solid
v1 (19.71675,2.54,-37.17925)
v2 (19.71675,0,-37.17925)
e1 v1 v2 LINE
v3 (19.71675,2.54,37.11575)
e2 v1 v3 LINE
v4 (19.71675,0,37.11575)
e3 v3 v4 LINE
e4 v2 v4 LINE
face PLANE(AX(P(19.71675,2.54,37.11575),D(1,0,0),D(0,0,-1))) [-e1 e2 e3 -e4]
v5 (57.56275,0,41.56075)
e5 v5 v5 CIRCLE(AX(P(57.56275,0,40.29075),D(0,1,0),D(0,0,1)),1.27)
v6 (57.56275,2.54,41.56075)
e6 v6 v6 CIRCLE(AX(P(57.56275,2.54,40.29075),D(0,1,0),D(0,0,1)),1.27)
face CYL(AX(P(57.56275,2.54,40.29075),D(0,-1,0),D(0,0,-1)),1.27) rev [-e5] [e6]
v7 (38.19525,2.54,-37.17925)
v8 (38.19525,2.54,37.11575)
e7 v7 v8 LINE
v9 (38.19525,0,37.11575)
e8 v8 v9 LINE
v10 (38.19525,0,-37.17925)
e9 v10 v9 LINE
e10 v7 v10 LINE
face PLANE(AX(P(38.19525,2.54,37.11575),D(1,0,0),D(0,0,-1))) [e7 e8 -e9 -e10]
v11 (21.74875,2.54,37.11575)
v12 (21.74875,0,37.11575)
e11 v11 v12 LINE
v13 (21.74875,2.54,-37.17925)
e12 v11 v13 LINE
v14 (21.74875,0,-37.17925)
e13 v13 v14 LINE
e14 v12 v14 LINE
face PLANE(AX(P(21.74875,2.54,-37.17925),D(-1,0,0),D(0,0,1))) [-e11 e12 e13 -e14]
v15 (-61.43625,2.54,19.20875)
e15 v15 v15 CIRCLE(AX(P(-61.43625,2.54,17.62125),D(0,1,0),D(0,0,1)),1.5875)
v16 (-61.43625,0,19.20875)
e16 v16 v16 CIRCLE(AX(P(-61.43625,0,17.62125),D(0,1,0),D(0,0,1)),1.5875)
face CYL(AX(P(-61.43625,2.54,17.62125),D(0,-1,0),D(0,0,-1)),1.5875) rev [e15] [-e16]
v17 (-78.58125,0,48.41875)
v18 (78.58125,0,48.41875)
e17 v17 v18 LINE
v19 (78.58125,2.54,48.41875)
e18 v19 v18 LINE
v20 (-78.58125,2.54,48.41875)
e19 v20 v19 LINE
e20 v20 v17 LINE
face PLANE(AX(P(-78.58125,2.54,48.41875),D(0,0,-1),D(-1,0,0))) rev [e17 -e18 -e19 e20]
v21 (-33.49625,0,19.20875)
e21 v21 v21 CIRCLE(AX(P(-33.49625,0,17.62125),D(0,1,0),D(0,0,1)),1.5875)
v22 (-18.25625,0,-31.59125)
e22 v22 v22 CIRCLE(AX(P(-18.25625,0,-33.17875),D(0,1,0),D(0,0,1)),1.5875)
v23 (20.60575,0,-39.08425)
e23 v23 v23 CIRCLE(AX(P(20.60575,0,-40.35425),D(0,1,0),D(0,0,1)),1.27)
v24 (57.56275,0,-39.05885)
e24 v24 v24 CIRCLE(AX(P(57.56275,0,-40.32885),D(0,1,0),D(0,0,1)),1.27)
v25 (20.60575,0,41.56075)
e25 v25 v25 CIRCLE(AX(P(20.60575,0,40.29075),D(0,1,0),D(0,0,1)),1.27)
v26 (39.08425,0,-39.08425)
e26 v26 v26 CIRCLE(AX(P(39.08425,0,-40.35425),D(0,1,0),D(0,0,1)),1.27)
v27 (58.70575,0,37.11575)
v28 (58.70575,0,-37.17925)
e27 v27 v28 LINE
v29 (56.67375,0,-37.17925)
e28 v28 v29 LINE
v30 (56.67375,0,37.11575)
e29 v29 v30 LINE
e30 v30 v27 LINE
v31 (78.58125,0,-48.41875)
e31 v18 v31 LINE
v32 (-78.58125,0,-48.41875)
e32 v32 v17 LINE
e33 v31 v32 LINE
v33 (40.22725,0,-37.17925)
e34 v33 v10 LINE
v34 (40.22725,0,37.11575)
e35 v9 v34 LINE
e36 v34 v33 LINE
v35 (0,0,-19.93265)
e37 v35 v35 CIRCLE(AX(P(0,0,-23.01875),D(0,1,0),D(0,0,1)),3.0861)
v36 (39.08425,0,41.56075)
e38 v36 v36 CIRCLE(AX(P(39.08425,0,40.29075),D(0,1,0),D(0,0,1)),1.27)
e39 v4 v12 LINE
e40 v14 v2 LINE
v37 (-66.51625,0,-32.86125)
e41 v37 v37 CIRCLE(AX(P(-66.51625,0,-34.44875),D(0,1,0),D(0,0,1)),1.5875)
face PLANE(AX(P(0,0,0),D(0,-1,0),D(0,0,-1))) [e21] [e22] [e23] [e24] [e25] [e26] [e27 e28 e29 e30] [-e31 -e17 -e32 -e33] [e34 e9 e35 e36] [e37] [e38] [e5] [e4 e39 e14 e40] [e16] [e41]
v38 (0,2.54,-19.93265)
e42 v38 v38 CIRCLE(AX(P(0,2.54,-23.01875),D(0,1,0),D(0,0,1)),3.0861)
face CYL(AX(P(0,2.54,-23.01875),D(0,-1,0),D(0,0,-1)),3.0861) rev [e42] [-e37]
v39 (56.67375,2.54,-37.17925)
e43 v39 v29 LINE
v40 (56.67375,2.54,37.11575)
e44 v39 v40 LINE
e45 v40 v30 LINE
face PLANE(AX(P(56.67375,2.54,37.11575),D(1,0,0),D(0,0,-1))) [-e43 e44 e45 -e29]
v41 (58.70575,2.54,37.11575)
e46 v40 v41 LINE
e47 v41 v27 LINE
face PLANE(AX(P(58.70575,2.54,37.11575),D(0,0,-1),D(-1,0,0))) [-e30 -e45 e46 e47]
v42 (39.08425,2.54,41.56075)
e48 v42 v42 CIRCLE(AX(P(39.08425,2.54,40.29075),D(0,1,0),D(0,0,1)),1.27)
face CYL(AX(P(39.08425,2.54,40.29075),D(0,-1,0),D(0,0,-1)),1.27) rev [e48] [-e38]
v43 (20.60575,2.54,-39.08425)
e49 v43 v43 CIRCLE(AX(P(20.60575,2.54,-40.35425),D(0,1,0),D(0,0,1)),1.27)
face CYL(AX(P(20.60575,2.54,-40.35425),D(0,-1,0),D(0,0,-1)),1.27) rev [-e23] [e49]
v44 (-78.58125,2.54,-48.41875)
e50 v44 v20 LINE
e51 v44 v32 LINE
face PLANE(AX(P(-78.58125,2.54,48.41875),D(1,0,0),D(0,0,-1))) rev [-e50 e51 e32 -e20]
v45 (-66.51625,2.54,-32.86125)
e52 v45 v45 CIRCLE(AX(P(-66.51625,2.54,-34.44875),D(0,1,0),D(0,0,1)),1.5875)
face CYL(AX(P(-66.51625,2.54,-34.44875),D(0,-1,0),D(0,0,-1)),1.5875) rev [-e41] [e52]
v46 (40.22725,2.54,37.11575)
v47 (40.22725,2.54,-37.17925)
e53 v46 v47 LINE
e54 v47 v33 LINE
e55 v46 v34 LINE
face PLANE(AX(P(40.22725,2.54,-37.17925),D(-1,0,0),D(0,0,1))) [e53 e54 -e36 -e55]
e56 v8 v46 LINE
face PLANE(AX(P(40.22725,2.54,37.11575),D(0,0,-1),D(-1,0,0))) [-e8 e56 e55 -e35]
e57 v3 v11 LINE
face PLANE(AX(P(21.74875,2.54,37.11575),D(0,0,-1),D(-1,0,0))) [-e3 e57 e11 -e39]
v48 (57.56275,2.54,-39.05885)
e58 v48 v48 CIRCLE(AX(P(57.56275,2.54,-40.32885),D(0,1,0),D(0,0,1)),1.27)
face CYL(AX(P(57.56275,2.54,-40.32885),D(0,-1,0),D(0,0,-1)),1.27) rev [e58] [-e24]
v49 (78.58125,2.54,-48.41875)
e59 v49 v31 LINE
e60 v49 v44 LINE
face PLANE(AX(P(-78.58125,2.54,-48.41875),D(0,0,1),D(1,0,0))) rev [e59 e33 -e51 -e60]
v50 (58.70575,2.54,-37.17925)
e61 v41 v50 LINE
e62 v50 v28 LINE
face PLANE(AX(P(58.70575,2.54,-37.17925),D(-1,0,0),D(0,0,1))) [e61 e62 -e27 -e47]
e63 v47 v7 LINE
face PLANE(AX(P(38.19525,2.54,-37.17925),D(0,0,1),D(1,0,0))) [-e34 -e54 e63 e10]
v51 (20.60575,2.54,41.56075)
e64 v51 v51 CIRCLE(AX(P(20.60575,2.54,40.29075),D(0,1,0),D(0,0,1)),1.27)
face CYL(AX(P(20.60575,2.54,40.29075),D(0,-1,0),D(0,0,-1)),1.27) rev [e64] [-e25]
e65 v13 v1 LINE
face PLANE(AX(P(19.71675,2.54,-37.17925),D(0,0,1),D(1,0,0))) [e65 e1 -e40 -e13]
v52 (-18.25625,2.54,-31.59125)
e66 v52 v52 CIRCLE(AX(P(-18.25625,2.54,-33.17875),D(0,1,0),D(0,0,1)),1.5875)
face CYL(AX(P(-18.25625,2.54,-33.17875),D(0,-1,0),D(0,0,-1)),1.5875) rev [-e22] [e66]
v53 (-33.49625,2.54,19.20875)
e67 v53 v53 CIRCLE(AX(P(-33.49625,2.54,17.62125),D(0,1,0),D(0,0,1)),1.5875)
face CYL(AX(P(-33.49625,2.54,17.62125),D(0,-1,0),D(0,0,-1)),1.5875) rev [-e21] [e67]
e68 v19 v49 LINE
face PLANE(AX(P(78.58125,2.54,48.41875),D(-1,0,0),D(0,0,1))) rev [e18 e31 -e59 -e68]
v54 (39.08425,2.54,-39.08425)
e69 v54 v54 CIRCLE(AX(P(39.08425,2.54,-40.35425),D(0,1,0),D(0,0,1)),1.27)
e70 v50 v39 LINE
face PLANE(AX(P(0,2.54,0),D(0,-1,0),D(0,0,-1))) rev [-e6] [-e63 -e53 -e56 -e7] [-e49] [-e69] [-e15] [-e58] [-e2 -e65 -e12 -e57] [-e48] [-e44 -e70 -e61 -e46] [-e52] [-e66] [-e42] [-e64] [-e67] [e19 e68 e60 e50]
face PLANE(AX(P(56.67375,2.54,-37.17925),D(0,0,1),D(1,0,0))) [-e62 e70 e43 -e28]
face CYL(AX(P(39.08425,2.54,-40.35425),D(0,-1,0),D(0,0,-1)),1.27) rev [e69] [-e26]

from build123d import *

# Parameters (mm, degrees)
SKETCH1_W           = 157.1625
SKETCH1_H           = 96.8375
SKETCH1_R           = 1.5875
SKETCH1_R_2         = 1.27
SKETCH1_R_3         = 3.0861
SKETCH1_W_2         = 2.032
SKETCH1_H_2         = 74.295
BOSS_EXTRUDE1_DEPTH = 2.54


with BuildPart() as part:
    # Sketch1 → Boss-Extrude1 (new body)
    with BuildSketch(Plane(origin=(0, 0, 0), x_dir=(1, 0, 0), z_dir=(0, 1, 0))):
        Rectangle(SKETCH1_W, SKETCH1_H)
        with Locations((-66.51625, 34.44875)):
            Circle(SKETCH1_R, mode=Mode.SUBTRACT)
        with Locations((-61.43625, -17.62125)):
            Circle(SKETCH1_R, mode=Mode.SUBTRACT)
        with Locations((-33.49625, -17.62125)):
            Circle(SKETCH1_R, mode=Mode.SUBTRACT)
        with Locations((-18.25625, 33.17875)):
            Circle(SKETCH1_R, mode=Mode.SUBTRACT)
        with Locations((57.56275, 40.32885)):
            Circle(SKETCH1_R_2, mode=Mode.SUBTRACT)
        with Locations((39.08425, 40.35425)):
            Circle(SKETCH1_R_2, mode=Mode.SUBTRACT)
        with Locations((20.60575, 40.35425)):
            Circle(SKETCH1_R_2, mode=Mode.SUBTRACT)
        with Locations((57.56275, -40.29075)):
            Circle(SKETCH1_R_2, mode=Mode.SUBTRACT)
        with Locations((39.08425, -40.29075)):
            Circle(SKETCH1_R_2, mode=Mode.SUBTRACT)
        with Locations((20.60575, -40.29075)):
            Circle(SKETCH1_R_2, mode=Mode.SUBTRACT)
        with Locations((0, 23.01875)):
            Circle(SKETCH1_R_3, mode=Mode.SUBTRACT)
        with Locations((20.73275, 0.03175)):
            Rectangle(SKETCH1_W_2, SKETCH1_H_2, mode=Mode.SUBTRACT)
        with Locations((39.21125, 0.03175)):
            Rectangle(SKETCH1_W_2, SKETCH1_H_2, mode=Mode.SUBTRACT)
        with Locations((57.68975, 0.03175)):
            Rectangle(SKETCH1_W_2, SKETCH1_H_2, mode=Mode.SUBTRACT)
    extrude(amount=BOSS_EXTRUDE1_DEPTH)


solid = part.part
